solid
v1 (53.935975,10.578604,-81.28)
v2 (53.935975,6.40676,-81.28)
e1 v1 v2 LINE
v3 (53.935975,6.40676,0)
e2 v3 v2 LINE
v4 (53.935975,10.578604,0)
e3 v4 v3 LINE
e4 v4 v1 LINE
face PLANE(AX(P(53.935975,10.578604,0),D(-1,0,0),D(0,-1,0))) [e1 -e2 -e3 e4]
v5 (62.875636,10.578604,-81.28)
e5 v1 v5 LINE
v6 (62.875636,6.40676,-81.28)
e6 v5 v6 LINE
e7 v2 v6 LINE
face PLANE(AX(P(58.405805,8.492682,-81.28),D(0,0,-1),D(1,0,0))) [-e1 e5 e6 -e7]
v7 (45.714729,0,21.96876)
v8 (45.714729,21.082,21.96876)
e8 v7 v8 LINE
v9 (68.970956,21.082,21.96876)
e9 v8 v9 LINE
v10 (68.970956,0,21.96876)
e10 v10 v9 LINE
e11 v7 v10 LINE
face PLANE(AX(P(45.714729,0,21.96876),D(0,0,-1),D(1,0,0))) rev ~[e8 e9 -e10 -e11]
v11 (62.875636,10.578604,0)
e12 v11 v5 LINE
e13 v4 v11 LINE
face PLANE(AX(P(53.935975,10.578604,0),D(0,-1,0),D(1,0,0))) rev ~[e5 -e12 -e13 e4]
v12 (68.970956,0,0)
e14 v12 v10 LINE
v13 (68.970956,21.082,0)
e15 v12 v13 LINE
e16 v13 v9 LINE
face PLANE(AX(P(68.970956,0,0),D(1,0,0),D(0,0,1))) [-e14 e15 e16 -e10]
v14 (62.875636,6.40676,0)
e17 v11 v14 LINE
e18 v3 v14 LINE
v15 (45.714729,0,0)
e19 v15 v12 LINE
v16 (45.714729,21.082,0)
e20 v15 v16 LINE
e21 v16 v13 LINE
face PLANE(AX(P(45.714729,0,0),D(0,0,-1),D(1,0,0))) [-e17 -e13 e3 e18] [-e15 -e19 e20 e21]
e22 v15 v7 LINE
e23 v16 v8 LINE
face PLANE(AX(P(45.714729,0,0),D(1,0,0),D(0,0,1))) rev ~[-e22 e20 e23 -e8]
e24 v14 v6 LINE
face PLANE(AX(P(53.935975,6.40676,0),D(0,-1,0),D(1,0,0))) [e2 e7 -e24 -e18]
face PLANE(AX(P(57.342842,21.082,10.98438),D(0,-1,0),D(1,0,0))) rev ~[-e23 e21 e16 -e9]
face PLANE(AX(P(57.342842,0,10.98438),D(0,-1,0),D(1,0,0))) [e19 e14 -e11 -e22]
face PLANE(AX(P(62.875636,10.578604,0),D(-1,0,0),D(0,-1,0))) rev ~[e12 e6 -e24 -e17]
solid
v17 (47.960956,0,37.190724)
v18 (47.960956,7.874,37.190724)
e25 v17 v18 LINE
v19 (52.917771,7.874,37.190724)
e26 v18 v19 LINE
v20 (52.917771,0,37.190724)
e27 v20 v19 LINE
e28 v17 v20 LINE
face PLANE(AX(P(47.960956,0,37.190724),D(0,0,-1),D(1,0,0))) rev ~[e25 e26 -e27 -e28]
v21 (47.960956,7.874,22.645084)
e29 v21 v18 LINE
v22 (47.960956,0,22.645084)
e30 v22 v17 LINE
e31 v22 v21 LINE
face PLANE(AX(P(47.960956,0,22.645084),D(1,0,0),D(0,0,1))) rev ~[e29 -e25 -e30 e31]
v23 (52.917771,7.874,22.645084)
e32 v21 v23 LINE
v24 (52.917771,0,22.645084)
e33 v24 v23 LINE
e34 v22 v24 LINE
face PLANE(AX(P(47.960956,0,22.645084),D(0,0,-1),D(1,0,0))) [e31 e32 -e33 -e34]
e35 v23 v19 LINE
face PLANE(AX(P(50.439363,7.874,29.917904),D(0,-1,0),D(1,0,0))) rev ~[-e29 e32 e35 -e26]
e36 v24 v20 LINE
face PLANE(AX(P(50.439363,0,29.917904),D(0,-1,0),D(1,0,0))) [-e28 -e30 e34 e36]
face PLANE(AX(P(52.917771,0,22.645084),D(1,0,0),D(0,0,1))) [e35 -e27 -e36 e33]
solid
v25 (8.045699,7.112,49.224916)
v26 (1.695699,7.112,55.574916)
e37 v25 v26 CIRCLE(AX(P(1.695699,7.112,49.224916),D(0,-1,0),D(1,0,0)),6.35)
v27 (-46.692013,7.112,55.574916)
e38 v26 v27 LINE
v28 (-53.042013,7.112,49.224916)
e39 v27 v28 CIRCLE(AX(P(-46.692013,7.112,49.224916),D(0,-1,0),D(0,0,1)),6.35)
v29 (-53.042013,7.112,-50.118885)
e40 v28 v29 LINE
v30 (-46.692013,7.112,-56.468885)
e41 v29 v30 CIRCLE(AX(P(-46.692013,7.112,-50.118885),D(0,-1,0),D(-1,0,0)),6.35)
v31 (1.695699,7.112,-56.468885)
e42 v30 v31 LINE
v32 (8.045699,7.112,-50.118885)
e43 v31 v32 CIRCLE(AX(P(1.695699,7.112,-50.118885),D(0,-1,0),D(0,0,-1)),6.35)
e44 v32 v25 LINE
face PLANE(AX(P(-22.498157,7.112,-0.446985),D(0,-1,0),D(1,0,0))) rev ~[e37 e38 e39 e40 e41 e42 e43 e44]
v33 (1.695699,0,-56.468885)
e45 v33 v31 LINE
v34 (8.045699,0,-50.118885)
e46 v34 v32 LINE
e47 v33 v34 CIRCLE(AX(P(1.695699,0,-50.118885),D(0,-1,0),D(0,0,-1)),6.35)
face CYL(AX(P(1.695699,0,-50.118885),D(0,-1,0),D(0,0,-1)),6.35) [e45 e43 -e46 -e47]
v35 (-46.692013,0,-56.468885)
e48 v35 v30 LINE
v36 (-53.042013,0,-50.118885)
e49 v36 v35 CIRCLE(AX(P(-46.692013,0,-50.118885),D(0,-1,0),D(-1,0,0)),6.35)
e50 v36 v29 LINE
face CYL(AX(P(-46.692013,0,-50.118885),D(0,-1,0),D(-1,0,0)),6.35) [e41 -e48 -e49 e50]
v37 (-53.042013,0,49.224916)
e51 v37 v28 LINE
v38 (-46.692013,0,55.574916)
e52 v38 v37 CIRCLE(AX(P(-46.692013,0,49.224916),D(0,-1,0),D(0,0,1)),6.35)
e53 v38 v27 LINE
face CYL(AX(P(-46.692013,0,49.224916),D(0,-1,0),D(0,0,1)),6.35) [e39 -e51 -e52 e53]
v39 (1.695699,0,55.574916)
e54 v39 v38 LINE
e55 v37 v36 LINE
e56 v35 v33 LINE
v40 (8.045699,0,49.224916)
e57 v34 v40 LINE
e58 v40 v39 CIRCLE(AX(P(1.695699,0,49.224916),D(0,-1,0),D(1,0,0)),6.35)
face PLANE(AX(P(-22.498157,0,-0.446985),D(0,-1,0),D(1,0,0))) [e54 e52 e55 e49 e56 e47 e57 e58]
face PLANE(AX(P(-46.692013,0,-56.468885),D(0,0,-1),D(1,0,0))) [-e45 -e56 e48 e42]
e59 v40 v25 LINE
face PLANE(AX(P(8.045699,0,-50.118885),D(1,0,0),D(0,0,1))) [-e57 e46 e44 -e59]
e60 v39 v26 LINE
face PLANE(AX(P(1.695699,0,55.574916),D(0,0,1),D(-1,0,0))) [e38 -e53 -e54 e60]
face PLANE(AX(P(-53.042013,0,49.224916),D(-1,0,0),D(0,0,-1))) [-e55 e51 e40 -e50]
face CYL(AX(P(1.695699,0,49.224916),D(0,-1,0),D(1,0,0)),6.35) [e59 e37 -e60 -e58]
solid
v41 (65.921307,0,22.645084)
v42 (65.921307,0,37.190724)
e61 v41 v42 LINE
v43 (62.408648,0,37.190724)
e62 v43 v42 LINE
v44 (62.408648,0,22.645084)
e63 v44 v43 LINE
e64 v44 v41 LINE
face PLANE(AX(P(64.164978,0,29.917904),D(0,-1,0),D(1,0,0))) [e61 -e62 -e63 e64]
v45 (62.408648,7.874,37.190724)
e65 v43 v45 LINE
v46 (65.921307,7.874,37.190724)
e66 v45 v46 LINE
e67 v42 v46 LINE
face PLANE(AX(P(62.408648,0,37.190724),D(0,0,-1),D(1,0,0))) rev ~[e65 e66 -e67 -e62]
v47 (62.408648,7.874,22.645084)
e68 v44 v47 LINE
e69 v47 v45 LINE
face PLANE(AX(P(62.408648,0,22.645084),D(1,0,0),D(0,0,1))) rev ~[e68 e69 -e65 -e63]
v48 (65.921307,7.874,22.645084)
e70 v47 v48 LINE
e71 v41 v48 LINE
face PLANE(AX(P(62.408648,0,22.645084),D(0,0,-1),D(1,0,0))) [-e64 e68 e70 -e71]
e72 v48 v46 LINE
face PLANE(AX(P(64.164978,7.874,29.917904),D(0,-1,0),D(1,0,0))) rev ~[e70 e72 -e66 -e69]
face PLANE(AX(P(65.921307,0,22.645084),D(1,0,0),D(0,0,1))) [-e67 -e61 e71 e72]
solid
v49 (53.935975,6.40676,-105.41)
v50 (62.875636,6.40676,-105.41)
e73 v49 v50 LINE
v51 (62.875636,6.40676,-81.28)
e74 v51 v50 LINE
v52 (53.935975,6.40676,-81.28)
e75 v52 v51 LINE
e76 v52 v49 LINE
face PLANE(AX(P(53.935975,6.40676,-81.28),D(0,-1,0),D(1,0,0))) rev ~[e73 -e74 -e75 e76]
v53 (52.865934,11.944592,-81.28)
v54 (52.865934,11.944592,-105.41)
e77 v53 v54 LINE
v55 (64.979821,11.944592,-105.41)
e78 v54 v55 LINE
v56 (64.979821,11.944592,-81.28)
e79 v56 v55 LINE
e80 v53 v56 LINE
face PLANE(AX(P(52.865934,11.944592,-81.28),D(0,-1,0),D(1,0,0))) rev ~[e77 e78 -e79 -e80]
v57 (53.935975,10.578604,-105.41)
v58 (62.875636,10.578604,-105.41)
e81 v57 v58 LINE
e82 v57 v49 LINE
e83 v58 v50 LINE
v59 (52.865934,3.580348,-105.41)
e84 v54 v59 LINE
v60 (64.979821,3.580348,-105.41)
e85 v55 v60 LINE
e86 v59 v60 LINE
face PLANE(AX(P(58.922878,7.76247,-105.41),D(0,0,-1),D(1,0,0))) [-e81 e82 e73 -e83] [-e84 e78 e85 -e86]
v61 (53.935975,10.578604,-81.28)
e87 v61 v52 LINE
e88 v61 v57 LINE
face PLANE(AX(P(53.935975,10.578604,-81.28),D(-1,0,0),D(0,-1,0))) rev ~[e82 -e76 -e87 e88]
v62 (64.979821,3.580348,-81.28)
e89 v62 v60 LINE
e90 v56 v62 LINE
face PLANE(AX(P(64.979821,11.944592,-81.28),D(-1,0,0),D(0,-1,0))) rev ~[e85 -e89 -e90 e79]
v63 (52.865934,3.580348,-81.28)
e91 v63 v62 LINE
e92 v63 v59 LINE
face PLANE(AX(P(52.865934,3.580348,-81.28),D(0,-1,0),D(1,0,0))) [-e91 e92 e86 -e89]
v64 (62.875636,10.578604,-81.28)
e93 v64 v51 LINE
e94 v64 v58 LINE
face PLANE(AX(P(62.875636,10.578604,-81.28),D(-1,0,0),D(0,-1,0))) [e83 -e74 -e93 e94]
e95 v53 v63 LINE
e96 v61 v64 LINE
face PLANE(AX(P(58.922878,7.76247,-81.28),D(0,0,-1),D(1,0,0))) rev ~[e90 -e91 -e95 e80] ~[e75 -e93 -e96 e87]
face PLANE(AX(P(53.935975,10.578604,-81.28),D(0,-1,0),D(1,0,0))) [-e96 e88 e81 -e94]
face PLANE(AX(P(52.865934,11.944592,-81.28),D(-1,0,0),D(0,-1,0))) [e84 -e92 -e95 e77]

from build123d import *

# Parameters (mm, degrees)
F1_DEPTH  = 7.112
F4_W      = 23.2562273741
F4_H      = 21.9687595963
F5_DEPTH  = 21.082
F7_W      = 4.9568153918
F7_H      = 14.5456399769
F8_DEPTH  = 7.874
F7_W_2    = 3.5126581788
F9_W      = 8.9396610856
F9_H      = 4.1718445718
F10_DEPTH = 81.28
F12_W     = 12.1138878167
F12_H     = 8.3642441314
F12_W_2   = 8.9396610856
F12_H_2   = 4.1718445718
F13_DEPTH = 24.13


with BuildPart() as f1:
    # F0 (on Front) → F1 (new body)
    with BuildSketch(Plane.XZ):
        with BuildLine():
            ThreePointArc((-46.6920131981, 55.5749163032), (-51.1821412587, 53.7150443637), (-53.0420131981, 49.2249163032))
            Line((-53.0420131981, 49.2249163032), (-53.0420131981, -50.118885392))
            ThreePointArc((-53.0420131981, -50.118885392), (-51.1821412587, -54.6090134525), (-46.6920131981, -56.468885392))
            Line((-46.6920131981, -56.468885392), (1.6956985161, -56.468885392))
            ThreePointArc((1.6956985161, -56.468885392), (6.1858265766, -54.6090134525), (8.0456985161, -50.118885392))
            Line((8.0456985161, -50.118885392), (8.0456985161, 49.2249163032))
            ThreePointArc((8.0456985161, 49.2249163032), (6.1858265766, 53.7150443637), (1.6956985161, 55.5749163032))
            Line((1.6956985161, 55.5749163032), (-46.6920131981, 55.5749163032))
        make_face()
        with BuildLine():
            ThreePointArc((-50.0621236861, 39.0932964325), (-48.2022517466, 43.583424493), (-43.7121236861, 45.4432964325))
            Line((-43.7121236861, 45.4432964325), (-2.476143029, 45.4432964325))
            ThreePointArc((-2.476143029, 45.4432964325), (2.0139850316, 43.583424493), (3.873856971, 39.0932964325))
            Line((3.873856971, 39.0932964325), (3.873856971, -39.9872655213))
            ThreePointArc((3.873856971, -39.9872655213), (2.0139850316, -44.4773935818), (-2.476143029, -46.3372655213))
            Line((-2.476143029, -46.3372655213), (-43.7121236861, -46.3372655213))
            ThreePointArc((-43.7121236861, -46.3372655213), (-48.2022517466, -44.4773935818), (-50.0621236861, -39.9872655213))
            Line((-50.0621236861, -39.9872655213), (-50.0621236861, 39.0932964325))
        make_face(mode=Mode.SUBTRACT)
        with BuildLine():
            Line((-2.476143029, 45.4432964325), (-43.7121236861, 45.4432964325))
            ThreePointArc((-43.7121236861, 45.4432964325), (-48.2022517466, 43.583424493), (-50.0621236861, 39.0932964325))
            Line((-50.0621236861, 39.0932964325), (-50.0621236861, -39.9872655213))
            ThreePointArc((-50.0621236861, -39.9872655213), (-48.2022517466, -44.4773935818), (-43.7121236861, -46.3372655213))
            Line((-43.7121236861, -46.3372655213), (-2.476143029, -46.3372655213))
            ThreePointArc((-2.476143029, -46.3372655213), (2.0139850316, -44.4773935818), (3.873856971, -39.9872655213))
            Line((3.873856971, -39.9872655213), (3.873856971, 39.0932964325))
            ThreePointArc((3.873856971, 39.0932964325), (2.0139850316, 43.583424493), (-2.476143029, 45.4432964325))
        make_face()
    extrude(amount=-F1_DEPTH)


with BuildPart() as f5:
    # F4 (on Front) → F5 (new body)
    with BuildSketch(Plane.XZ):
        with Locations((57.3428422213, 10.9843797982)):
            Rectangle(F4_W, F4_H)
    extrude(amount=-F5_DEPTH)

    # F9 (on face) → F10 (join)
    with BuildSketch(Plane(origin=(0, 0, 0), x_dir=(1, 0, 0), z_dir=(0, 0, -1))):
        with Locations((58.4058053792, -8.4926821291)):
            Rectangle(F9_W, F9_H)
    extrude(amount=F10_DEPTH)


with BuildPart() as f8:
    # F7 (on Front) → F8 (new body)
    with BuildSketch(Plane.XZ):
        with Locations((50.4393633455, 29.9179041758)):
            Rectangle(F7_W, F7_H)
    extrude(amount=-F8_DEPTH)


with BuildPart() as f8b:
    # F7 (on Front) → F8, piece 2 (new body)
    with BuildSketch(Plane.XZ):
        with Locations((64.1649775207, 29.9179041758)):
            Rectangle(F7_W_2, F7_H)
    extrude(amount=-F8_DEPTH)


with BuildPart() as f13:
    # F12 (on face) → F13 (new body)
    with BuildSketch(Plane(origin=(0, 0, -81.28), x_dir=(1, 0, 0), z_dir=(0, 0, -1))):
        with Locations((58.9228775352, -7.7624699334)):
            Rectangle(F12_W, F12_H)
        with Locations((58.4058053792, -8.4926821291)):
            Rectangle(F12_W_2, F12_H_2, mode=Mode.SUBTRACT)
    extrude(amount=F13_DEPTH)


solid = Compound([f1.part, f5.part, f8.part, f8b.part, f13.part])
